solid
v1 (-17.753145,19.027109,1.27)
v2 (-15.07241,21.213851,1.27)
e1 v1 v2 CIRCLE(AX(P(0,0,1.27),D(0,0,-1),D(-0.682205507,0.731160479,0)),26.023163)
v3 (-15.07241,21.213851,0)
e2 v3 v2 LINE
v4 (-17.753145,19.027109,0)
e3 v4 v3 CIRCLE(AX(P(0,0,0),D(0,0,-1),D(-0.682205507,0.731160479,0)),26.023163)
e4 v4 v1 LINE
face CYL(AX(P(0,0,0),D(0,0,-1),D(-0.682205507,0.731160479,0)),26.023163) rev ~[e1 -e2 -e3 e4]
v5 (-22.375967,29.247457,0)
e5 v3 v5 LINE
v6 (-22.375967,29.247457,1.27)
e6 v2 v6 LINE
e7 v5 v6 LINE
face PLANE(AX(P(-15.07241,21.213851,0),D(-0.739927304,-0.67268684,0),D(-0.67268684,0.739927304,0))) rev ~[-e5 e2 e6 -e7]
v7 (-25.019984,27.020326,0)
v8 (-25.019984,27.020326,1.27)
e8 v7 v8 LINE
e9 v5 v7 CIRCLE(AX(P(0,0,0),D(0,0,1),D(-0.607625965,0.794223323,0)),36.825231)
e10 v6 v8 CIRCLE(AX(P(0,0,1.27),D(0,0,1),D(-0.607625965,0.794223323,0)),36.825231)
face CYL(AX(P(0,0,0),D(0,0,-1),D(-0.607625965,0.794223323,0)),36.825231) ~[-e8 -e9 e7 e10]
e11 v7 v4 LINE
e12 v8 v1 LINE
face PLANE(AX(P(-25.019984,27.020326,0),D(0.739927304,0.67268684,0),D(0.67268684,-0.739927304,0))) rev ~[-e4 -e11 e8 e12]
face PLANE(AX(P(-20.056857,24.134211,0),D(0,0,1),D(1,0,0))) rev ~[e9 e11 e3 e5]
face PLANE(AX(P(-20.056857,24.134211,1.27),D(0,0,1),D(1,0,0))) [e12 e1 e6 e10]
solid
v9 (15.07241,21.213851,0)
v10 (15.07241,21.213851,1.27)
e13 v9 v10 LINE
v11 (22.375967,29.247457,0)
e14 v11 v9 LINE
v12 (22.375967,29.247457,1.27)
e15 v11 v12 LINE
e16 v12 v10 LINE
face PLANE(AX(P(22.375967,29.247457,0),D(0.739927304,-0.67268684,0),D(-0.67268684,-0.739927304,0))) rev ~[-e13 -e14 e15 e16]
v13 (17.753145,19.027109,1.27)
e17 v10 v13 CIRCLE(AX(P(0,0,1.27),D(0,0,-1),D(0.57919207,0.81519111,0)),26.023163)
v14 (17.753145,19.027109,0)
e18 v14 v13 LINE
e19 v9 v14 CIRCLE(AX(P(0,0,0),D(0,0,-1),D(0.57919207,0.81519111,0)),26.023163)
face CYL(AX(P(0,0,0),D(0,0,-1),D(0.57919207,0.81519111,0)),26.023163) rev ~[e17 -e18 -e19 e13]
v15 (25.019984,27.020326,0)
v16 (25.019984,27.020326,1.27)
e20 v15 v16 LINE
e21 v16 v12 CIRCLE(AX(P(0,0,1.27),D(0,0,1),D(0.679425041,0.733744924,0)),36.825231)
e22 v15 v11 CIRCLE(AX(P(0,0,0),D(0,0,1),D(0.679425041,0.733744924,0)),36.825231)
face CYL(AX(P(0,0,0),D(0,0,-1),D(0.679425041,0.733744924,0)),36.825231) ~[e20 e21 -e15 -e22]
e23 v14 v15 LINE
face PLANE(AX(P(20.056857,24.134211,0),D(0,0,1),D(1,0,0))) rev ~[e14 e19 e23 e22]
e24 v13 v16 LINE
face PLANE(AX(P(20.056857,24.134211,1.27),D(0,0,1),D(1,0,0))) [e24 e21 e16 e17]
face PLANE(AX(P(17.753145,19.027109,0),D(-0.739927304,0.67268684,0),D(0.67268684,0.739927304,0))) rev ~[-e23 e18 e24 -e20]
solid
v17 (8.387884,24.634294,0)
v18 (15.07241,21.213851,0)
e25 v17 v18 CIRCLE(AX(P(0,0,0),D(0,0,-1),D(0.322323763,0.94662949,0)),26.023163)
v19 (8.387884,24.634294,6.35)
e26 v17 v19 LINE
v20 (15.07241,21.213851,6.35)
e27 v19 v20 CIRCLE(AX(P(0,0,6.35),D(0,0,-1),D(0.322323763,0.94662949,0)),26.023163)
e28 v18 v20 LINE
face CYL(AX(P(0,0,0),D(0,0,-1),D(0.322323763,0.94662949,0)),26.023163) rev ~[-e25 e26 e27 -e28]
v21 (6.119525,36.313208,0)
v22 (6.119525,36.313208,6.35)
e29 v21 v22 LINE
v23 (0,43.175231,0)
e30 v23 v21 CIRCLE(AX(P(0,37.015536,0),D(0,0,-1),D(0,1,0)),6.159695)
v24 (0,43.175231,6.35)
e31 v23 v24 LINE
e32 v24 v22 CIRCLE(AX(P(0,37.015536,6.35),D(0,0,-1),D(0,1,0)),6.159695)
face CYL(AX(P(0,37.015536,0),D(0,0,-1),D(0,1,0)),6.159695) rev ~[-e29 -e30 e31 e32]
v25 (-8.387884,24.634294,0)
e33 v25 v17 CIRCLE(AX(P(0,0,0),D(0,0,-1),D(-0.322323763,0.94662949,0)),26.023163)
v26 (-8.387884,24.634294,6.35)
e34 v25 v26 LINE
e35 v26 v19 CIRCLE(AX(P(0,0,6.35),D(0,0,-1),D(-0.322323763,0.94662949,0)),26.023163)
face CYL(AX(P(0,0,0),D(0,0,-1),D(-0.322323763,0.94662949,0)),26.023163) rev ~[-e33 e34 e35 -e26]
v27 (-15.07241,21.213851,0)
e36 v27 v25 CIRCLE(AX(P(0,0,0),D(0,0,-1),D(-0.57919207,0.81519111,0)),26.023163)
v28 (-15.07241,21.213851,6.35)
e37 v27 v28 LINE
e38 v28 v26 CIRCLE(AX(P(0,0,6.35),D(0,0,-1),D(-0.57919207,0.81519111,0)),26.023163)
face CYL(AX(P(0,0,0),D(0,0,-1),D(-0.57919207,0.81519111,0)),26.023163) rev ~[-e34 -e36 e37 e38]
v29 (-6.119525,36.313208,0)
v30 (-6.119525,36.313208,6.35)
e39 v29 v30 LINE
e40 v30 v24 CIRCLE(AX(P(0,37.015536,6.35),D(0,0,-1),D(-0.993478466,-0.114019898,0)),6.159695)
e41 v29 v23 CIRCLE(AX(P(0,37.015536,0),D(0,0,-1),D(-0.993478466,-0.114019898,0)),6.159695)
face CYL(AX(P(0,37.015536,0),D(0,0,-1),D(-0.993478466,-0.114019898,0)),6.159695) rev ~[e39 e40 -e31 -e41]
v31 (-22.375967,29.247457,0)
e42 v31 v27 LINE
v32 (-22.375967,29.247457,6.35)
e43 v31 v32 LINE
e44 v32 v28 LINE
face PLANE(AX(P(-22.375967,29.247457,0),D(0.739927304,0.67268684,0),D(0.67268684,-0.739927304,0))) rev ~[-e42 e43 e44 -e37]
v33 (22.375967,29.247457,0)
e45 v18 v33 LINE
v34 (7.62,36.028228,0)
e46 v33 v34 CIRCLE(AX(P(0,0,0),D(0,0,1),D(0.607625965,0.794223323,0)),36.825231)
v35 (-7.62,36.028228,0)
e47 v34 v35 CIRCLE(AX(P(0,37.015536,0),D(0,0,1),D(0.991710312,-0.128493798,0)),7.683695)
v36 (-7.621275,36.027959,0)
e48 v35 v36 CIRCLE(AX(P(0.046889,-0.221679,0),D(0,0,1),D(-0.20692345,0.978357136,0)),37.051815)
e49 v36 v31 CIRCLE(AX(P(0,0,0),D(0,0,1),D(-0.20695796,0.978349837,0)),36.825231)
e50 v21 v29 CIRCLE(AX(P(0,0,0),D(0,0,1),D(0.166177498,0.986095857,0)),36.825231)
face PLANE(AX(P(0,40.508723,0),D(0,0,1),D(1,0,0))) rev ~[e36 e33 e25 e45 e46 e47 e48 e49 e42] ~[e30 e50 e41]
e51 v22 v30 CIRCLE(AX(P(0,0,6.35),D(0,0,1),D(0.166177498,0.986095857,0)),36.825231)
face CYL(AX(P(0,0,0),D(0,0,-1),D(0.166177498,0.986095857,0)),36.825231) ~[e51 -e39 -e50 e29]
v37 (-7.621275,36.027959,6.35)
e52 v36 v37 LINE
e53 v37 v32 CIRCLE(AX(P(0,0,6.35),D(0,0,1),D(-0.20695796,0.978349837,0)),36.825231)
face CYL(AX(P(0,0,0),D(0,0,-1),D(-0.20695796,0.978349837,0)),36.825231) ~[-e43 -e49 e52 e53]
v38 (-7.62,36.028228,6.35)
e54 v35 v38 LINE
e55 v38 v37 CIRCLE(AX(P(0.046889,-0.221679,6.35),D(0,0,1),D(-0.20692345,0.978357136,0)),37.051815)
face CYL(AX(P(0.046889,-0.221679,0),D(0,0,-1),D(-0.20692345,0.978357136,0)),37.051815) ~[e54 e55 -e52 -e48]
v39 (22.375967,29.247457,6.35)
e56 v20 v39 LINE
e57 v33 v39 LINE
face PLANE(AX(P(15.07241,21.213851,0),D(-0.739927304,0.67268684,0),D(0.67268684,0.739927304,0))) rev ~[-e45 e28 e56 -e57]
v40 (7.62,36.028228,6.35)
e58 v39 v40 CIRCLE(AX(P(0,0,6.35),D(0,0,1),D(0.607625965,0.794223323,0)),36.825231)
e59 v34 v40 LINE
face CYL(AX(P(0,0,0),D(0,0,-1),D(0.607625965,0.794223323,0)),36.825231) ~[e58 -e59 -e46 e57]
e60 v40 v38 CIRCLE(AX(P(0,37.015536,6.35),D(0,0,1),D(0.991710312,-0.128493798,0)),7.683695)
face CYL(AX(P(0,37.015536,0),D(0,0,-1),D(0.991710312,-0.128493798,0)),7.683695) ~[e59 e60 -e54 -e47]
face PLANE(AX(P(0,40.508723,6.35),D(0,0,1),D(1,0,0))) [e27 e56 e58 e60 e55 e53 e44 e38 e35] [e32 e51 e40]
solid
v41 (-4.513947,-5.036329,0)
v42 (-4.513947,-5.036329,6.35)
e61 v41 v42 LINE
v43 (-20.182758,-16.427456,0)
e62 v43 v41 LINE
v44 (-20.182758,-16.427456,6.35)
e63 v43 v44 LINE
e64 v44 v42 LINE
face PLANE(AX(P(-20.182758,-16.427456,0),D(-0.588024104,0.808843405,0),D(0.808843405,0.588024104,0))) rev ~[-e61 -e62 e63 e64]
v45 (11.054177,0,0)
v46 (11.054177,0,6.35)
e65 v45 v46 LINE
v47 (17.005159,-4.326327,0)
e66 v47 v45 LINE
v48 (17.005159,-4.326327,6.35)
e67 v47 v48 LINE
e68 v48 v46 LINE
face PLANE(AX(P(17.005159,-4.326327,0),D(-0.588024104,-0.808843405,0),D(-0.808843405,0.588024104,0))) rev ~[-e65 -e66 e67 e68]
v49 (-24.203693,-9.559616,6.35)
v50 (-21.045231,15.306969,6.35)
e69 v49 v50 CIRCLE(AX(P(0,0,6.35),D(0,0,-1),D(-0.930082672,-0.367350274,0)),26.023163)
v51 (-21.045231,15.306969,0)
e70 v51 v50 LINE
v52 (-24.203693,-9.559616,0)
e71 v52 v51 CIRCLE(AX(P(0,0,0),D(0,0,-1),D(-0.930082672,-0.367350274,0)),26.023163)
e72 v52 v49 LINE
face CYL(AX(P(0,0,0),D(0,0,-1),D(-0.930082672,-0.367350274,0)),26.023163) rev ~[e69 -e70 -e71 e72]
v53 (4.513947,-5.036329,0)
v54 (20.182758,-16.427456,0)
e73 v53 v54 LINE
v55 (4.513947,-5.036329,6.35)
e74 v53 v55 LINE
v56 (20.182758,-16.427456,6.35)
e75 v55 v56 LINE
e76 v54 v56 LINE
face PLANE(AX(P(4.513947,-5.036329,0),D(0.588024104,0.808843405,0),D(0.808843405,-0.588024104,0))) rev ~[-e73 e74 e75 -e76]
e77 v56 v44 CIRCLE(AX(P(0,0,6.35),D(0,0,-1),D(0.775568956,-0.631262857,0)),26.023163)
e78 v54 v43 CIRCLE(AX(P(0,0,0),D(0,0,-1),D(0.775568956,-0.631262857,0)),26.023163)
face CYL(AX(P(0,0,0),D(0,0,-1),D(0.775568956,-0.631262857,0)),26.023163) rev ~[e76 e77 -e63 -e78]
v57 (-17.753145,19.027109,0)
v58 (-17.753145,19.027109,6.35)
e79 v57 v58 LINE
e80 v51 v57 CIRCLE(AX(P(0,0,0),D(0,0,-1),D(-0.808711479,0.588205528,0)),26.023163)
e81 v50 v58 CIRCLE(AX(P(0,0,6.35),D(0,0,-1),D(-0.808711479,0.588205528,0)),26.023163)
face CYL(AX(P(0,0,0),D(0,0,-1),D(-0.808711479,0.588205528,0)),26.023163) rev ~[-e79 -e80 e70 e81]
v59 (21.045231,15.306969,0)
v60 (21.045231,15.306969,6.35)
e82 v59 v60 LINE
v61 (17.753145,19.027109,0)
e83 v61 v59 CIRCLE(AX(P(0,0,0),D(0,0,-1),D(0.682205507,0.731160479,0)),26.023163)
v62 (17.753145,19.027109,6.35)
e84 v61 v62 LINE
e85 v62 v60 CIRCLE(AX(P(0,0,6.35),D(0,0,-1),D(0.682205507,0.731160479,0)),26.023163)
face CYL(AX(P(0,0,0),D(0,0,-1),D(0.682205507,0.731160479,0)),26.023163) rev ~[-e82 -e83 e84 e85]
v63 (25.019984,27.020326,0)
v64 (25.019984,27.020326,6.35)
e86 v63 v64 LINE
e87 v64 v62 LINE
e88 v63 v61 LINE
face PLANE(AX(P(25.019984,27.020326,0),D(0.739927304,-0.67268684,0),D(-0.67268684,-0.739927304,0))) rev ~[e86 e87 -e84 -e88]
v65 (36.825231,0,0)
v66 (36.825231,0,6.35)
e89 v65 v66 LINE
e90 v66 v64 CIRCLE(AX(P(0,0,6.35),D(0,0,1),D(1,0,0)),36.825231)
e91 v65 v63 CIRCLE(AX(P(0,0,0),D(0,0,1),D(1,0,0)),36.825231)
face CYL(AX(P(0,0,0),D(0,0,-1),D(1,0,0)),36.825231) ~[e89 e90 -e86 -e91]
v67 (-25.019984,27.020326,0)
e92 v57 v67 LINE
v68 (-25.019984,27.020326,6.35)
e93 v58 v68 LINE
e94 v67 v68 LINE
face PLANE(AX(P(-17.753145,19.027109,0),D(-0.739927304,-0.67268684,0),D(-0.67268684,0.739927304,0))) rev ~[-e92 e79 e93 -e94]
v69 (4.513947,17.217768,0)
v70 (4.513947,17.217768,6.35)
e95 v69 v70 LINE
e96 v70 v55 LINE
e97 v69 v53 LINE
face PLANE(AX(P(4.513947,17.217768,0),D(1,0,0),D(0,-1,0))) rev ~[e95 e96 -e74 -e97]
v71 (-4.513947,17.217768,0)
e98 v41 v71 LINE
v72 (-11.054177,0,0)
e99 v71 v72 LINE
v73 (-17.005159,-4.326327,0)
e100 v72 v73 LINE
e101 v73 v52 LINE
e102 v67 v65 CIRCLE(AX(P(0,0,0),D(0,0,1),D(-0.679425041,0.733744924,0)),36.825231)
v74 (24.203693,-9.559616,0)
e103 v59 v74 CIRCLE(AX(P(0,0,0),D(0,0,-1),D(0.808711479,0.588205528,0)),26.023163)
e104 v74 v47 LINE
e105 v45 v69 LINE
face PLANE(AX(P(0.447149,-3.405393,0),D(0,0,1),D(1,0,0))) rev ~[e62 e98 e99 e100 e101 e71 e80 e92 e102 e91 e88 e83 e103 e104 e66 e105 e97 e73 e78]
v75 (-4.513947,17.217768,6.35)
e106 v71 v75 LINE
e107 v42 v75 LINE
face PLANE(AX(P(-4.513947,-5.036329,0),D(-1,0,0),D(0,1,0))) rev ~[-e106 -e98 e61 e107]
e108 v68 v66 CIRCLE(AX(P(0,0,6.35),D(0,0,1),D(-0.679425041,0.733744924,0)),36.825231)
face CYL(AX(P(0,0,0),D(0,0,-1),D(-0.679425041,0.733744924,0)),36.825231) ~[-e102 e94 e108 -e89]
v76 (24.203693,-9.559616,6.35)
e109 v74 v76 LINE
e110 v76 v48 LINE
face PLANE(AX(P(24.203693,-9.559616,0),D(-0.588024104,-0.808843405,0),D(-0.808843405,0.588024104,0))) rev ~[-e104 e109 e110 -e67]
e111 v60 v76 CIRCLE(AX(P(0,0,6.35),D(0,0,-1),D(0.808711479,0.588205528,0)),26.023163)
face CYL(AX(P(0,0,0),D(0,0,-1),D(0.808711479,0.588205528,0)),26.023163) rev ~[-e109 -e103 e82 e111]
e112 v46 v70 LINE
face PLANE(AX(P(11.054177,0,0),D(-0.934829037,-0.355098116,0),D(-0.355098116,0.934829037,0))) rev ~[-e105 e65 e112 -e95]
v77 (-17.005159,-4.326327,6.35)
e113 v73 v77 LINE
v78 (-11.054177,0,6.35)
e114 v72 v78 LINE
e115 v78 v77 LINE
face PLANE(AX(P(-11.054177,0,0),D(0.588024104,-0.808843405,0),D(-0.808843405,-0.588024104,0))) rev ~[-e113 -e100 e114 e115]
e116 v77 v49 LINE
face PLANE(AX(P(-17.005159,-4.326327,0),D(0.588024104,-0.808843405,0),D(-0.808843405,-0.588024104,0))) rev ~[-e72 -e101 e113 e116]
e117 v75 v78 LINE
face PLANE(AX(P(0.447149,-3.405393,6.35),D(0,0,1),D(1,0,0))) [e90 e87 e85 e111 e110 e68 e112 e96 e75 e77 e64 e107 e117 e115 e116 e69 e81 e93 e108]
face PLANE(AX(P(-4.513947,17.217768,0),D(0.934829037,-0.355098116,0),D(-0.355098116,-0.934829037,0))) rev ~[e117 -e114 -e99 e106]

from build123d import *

# Parameters (mm, degrees)
F1_DEPTH = 6.35
F2_DEPTH = 6.35
F3_DEPTH = 1.27
F4_DEPTH = 1.27
F5_DEPTH = 6.35
F6_DEPTH = 6.35


with BuildPart() as f1:
    # F0 (on Top) → F1 (new body)
    with BuildSketch(Plane.XY):
        with BuildLine():
            Line((15.0724098278, 21.2138513725), (22.375966573, 29.2474573979))
            ThreePointArc((22.375966573, 29.2474573979), (15.3764175488, 33.4613721728), (7.62, 36.0282284372))
            ThreePointArc((7.62, 36.0282284372), (6.8712399575, 36.1784978374), (6.1195247725, 36.3132078021))
            ThreePointArc((6.1195247725, 36.3132078021), (0, 36.8252310831), (-6.1195247725, 36.3132078021))
            ThreePointArc((-6.1195247725, 36.3132078021), (-6.8712399575, 36.1784978374), (-7.62, 36.0282284372))
            ThreePointArc((-7.62, 36.0282284372), (-7.6206373591, 36.0280936293), (-7.6212747158, 36.0279588102))
            ThreePointArc((-7.6212747158, 36.0279588102), (-15.3770094975, 33.4611001498), (-22.375966573, 29.2474573979))
            Line((-22.375966573, 29.2474573979), (-15.0724098278, 21.2138513725))
            ThreePointArc((-15.0724098278, 21.2138513725), (-11.8541639172, 23.1664374882), (-8.3878839091, 24.6342938116))
            ThreePointArc((-8.3878839091, 24.6342938116), (0, 26.0231632987), (8.3878839091, 24.6342938116))
            ThreePointArc((8.3878839091, 24.6342938116), (11.8541639172, 23.1664374882), (15.0724098278, 21.2138513725))
        make_face()
    extrude(amount=F1_DEPTH)

    # F0 (on Top) → F5 (cut)
    with BuildSketch(Plane.XY):
        with BuildLine():
            ThreePointArc((-6.1195247725, 36.3132078021), (0, 36.8252310831), (6.1195247725, 36.3132078021))
            ThreePointArc((6.1195247725, 36.3132078021), (4.5971716019, 41.1152747998), (0, 43.1752310831))
            ThreePointArc((0, 43.1752310831), (-4.5971716019, 41.1152747998), (-6.1195247725, 36.3132078021))
        make_face()
    extrude(amount=-F5_DEPTH, mode=Mode.SUBTRACT)

    # F0 (on Top) → F6 (join)
    with BuildSketch(Plane.XY):
        with BuildLine():
            ThreePointArc((6.1195247725, 36.3132078021), (6.8712399575, 36.1784978374), (7.62, 36.0282284372))
            ThreePointArc((7.62, 36.0282284372), (0, 44.6992310831), (-7.62, 36.0282284372))
            ThreePointArc((-7.62, 36.0282284372), (-6.8712399575, 36.1784978374), (-6.1195247725, 36.3132078021))
            ThreePointArc((-6.1195247725, 36.3132078021), (-4.5971716019, 41.1152747998), (0, 43.1752310831))
            ThreePointArc((0, 43.1752310831), (4.5971716019, 41.1152747998), (6.1195247725, 36.3132078021))
        make_face()
    extrude(amount=F6_DEPTH)


with BuildPart() as f2:
    # F0 (on Top) → F2 (new body)
    with BuildSketch(Plane.XY):
        with BuildLine():
            ThreePointArc((-25.0199841303, 27.0203263941), (-14.7433196233, -33.7451058793), (36.8252310831, 0))
            ThreePointArc((36.8252310831, 0), (33.7451058793, 14.7433196233), (25.0199841303, 27.0203263941))
            Line((25.0199841303, 27.0203263941), (17.7531453108, 19.0271085466))
            ThreePointArc((17.7531453108, 19.0271085466), (19.4881594674, 17.2457724861), (21.0452308897, 15.3069685069))
            ThreePointArc((21.0452308897, 15.3069685069), (25.8157518244, 3.2790220816), (24.2036932435, -9.5596161767))
            Line((24.2036932435, -9.5596161767), (17.005158821, -4.326326612))
            Line((17.005158821, -4.326326612), (11.0541770047, 0))
            Line((11.0541770047, 0), (4.5139469962, 17.2177678458))
            Line((4.5139469962, 17.2177678458), (4.5139469962, -5.0363289596))
            Line((4.5139469962, -5.0363289596), (20.1827575969, -16.4274564025))
            ThreePointArc((20.1827575969, -16.4274564025), (0, -26.0231632987), (-20.1827575969, -16.4274564025))
            Line((-20.1827575969, -16.4274564025), (-4.5139469962, -5.0363289596))
            Line((-4.5139469962, -5.0363289596), (-4.5139469962, 0))
            Line((-4.5139469962, 0), (-4.5139469962, 17.2177678458))
            Line((-4.5139469962, 17.2177678458), (-11.0541770047, 0))
            Line((-11.0541770047, 0), (-17.005158821, -4.326326612))
            Line((-17.005158821, -4.326326612), (-24.2036932435, -9.5596161767))
            ThreePointArc((-24.2036932435, -9.5596161767), (-25.8157518244, 3.2790220816), (-21.0452308897, 15.3069685069))
            ThreePointArc((-21.0452308897, 15.3069685069), (-19.4881594674, 17.2457724861), (-17.7531453108, 19.0271085466))
            Line((-17.7531453108, 19.0271085466), (-25.0199841303, 27.0203263941))
        make_face()
    extrude(amount=F2_DEPTH)


with BuildPart() as f3:
    # F0 (on Top) → F3 (new body)
    with BuildSketch(Plane.XY):
        with BuildLine():
            ThreePointArc((-22.375966573, 29.2474573979), (-23.7241240912, 28.1649352995), (-25.0199841303, 27.0203263941))
            Line((-25.0199841303, 27.0203263941), (-17.7531453108, 19.0271085466))
            ThreePointArc((-17.7531453108, 19.0271085466), (-16.4491558624, 20.1650762331), (-15.0724098278, 21.2138513725))
            Line((-15.0724098278, 21.2138513725), (-22.375966573, 29.2474573979))
        make_face()
    extrude(amount=F3_DEPTH)


with BuildPart() as f4:
    # F0 (on Top) → F4 (new body)
    with BuildSketch(Plane.XY):
        with BuildLine():
            Line((17.7531453108, 19.0271085466), (25.0199841303, 27.0203263941))
            ThreePointArc((25.0199841303, 27.0203263941), (23.7241240912, 28.1649352995), (22.375966573, 29.2474573979))
            Line((22.375966573, 29.2474573979), (15.0724098278, 21.2138513725))
            ThreePointArc((15.0724098278, 21.2138513725), (16.4491558624, 20.1650762331), (17.7531453108, 19.0271085466))
        make_face()
    extrude(amount=F4_DEPTH)


solid = Compound([f1.part, f2.part, f3.part, f4.part])
